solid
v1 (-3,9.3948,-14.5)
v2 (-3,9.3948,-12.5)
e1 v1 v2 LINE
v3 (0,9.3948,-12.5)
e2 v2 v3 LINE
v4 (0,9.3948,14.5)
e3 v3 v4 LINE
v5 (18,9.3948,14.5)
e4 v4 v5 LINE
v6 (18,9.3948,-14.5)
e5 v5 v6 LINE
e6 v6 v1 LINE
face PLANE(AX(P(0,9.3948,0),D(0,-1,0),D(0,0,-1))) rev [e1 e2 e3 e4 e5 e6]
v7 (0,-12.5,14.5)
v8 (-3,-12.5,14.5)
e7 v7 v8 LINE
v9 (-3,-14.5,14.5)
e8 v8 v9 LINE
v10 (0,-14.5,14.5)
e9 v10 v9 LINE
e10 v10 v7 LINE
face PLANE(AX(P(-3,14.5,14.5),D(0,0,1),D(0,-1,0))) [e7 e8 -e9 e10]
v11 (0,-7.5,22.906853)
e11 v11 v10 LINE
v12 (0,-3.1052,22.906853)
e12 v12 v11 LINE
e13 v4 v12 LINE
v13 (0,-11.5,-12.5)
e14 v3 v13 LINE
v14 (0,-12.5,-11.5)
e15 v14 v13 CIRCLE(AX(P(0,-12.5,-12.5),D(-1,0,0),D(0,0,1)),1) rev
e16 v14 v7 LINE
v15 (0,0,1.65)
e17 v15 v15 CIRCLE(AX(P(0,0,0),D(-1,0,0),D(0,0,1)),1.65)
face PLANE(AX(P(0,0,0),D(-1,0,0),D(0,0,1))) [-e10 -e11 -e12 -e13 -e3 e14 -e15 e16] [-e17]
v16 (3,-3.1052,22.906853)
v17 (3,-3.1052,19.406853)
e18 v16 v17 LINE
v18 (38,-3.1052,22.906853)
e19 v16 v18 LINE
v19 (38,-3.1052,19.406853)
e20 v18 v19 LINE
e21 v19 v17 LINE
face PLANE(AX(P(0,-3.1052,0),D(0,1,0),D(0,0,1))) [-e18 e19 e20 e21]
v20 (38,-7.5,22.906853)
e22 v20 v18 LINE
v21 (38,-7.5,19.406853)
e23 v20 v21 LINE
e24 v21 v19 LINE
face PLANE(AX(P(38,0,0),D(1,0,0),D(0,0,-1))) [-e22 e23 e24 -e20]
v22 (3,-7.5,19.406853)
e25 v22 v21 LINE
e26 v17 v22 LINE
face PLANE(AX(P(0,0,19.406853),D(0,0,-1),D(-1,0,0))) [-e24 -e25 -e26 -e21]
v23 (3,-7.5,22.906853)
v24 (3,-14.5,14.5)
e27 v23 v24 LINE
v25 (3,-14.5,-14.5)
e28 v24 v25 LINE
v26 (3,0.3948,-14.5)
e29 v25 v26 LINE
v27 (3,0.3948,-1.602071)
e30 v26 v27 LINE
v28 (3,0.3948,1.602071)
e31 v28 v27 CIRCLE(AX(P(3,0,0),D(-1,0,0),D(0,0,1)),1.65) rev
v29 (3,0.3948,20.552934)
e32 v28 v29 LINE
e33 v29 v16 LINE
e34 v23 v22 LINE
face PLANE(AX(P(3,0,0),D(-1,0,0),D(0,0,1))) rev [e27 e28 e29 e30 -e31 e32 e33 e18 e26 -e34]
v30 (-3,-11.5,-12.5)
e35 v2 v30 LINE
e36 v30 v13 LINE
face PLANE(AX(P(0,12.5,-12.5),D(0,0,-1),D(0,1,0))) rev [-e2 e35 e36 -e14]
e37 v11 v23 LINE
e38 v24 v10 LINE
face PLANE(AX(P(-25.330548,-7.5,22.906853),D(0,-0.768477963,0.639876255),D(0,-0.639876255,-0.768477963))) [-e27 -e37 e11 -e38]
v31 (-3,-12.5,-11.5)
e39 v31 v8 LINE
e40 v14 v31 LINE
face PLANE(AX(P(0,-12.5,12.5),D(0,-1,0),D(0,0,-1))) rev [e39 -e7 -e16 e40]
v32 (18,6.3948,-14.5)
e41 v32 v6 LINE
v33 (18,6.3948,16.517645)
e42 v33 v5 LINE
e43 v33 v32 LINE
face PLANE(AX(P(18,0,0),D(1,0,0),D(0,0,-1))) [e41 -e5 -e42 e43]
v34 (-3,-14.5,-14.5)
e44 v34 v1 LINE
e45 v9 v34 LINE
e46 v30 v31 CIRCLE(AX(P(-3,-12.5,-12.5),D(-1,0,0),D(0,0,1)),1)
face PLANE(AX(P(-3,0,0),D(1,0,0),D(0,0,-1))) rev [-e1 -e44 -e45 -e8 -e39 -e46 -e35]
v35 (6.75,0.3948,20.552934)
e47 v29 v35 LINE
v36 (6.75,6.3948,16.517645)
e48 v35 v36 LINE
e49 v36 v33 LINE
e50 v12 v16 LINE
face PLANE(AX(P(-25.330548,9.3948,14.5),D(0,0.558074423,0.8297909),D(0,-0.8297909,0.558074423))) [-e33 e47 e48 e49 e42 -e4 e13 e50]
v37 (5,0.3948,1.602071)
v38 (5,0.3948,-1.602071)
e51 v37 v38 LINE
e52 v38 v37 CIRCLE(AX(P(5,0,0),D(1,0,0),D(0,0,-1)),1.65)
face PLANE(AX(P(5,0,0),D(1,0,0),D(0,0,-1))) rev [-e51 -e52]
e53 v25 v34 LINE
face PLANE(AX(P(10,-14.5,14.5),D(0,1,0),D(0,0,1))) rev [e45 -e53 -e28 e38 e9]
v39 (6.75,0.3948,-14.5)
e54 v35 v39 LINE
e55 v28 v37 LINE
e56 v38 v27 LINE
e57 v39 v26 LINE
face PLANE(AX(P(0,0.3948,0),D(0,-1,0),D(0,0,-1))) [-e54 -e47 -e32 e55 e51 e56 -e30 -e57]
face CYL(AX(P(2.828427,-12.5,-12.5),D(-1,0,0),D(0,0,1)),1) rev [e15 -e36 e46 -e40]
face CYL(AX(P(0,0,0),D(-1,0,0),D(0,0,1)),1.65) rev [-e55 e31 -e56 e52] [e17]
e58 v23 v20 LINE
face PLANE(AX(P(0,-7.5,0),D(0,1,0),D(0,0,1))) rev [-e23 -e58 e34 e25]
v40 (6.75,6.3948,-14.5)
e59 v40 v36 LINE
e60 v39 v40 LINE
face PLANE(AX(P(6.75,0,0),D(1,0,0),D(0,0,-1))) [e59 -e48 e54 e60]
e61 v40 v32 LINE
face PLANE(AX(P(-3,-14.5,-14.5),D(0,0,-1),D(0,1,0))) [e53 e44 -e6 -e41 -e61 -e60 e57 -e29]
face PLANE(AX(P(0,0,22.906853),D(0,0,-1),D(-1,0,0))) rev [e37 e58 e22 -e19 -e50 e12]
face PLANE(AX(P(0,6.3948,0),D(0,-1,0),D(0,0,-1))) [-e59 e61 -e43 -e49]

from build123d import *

# Parameters (mm, degrees)
EXTRUDE_1_DEPTH        = 5
EXTRUDE_1_DEPTH_BACK   = 3
SKETCH_2_W             = 29
SKETCH_2_H             = 29
SKETCH_3_W             = 25
SKETCH_3_H             = 25
CUT_EXTRUDE_1_DEPTH    = 3
SKETCH_5_R             = 1
CUT_EXTRUDE_3_DEPTH    = 3
CUT_EXTRUDE_4_DEPTH    = 23.011360703
HOLE_WIZARD_M4_1_D     = 3.3
HOLE_WIZARD_M4_1_DEPTH = 10.1
HOLE_WIZARD_M4_1_TIP   = 0.991420021
SKETCH_4_W             = 8
SKETCH_4_H             = 29
EXTRUDE_2_DEPTH        = 13.4052
SKETCH_7_W             = 29
SKETCH_7_H             = 5
EXTRUDE_3_DEPTH        = 5
SKETCH_10_W            = 29
SKETCH_10_H            = 13.4052
CUT_EXTRUDE_5_DEPTH    = 35.028667136
EXTRUDE_4_DEPTH        = 28
SKETCH_13_W            = 22.441758485
SKETCH_13_H            = 29
CUT_EXTRUDE_7_DEPTH    = 20.8948
SKETCH_14_W            = 27
SKETCH_14_H            = 6.1052
CUT_EXTRUDE_8_DEPTH    = 10
EXTRUDE_5_DEPTH        = 10
SKETCH_16_W            = 12.441758485
SKETCH_16_H            = 20.8948
CUT_EXTRUDE_9_DEPTH    = 5
CUT_EXTRUDE_10_DEPTH   = 5
SKETCH_18_W            = 7.441758485
SKETCH_18_H            = 20.8948
CUT_EXTRUDE_11_DEPTH   = 1.9068532
SKETCH_19_W            = 18
SKETCH_19_H            = 8
CUT_EXTRUDE_12_DEPTH   = 7
SKETCH_20_W            = 3.0931468
SKETCH_20_H            = 11
EXTRUDE_6_DEPTH        = 20
SKETCH_21_W            = 3.0931468
SKETCH_21_H            = 2.8948
CUT_EXTRUDE_13_DEPTH   = 7.441758485
SKETCH_22_W            = 29
SKETCH_22_H            = 7
CUT_EXTRUDE_14_DEPTH   = 7.558241515
EXTRUDE_7_DEPTH        = 3
SKETCH_24_W            = 3
SKETCH_24_H            = 11
CUT_EXTRUDE_15_DEPTH   = 50.942466899
CUT_EXTRUDE_16_DEPTH   = 3.8082415
SKETCH_26_W            = 11.249999985
SKETCH_26_H            = 6.1052
CUT_EXTRUDE_17_DEPTH   = 6.0931468
SKETCH_27_W            = 6.0931468
SKETCH_27_H            = 6.1052
CUT_EXTRUDE_18_DEPTH   = 43.86096708
CUT_EXTRUDE_19_DEPTH   = 3.1052
SKETCH_30_W            = 3.750000015
SKETCH_30_H            = 32.721043552
CUT_EXTRUDE_20_DEPTH   = 7.8948
CUT_EXTRUDE_21_DEPTH   = 4.9068532
SKETCH_32_W            = 31.249999985
SKETCH_32_H            = 6.0931468
CUT_EXTRUDE_22_DEPTH   = 3.5
SKETCH_33_W            = 11
SKETCH_33_H            = 13.8948
EXTRUDE_8_DEPTH        = 3
SKETCH_34_W            = 11
SKETCH_34_H            = 6.3948
CUT_EXTRUDE_25_DEPTH   = 49.005208051
EXTRUDE_9_DEPTH        = 0.3948
SKETCH_36_W            = 38
SKETCH_36_H            = 7.8948
CUT_EXTRUDE_26_DEPTH   = 2.5931468
CUT_EXTRUDE_27_DEPTH   = 3.5
SKETCH_38_W            = 1.185809648
SKETCH_38_H            = 4.3948
CUT_EXTRUDE_28_DEPTH   = 3.750000015
EXTRUDE_11_DEPTH       = 3
EXTRUDE_12_REACH       = 51.952


with BuildPart() as part:
    # 草图2 → 凸台-拉伸1 (new, two sides: drawn at the far end of the back side and taken through both)
    with BuildSketch(Plane(origin=(0, 0, 0), x_dir=(0, 0, -1), z_dir=(1, 0, 0)).offset(-EXTRUDE_1_DEPTH_BACK)):
        Rectangle(SKETCH_2_W, SKETCH_2_H)
    extrude(amount=EXTRUDE_1_DEPTH + EXTRUDE_1_DEPTH_BACK)

    # 草图3 → 切除-拉伸1 (cut)
    with BuildSketch(Plane.ZY.offset(3)):
        Rectangle(SKETCH_3_W, SKETCH_3_H)
    extrude(amount=-CUT_EXTRUDE_1_DEPTH, mode=Mode.SUBTRACT)

    # 草图5 → 切除-拉伸3 (cut)
    with BuildSketch(Plane.ZY.offset(3)):
        with Locations((-12.5, -12.5)):
            Circle(SKETCH_5_R)
    extrude(amount=-CUT_EXTRUDE_3_DEPTH, mode=Mode.SUBTRACT)

    # 草图6 → 切除-拉伸4 (cut, through all)
    with BuildSketch(Plane.ZY.offset(3)):
        Polygon((12.5, 12.5), (12.5, -12.5), (14.5, -12.5), (14.5, 14.5), (-12.5, 14.5), (-14.5, 14.5), (-14.5, 12.5), (-12.5, 12.5), align=None)
    extrude(amount=-CUT_EXTRUDE_4_DEPTH, mode=Mode.SUBTRACT)

    # M4 螺纹孔1
    with Locations(Plane.ZY):
        with Locations((0, 0)):
            Hole(HOLE_WIZARD_M4_1_D / 2, depth=HOLE_WIZARD_M4_1_DEPTH)
            with Locations((0, 0, -(HOLE_WIZARD_M4_1_DEPTH + HOLE_WIZARD_M4_1_TIP / 2))):  # 118° drill point
                Cone(0, HOLE_WIZARD_M4_1_D / 2, HOLE_WIZARD_M4_1_TIP, mode=Mode.SUBTRACT)

    # 草图4 → 凸台-拉伸2 (add)
    with BuildSketch(Plane.XZ.offset(14.5)):
        with Locations((1, 0)):
            Rectangle(SKETCH_4_W, SKETCH_4_H)
    extrude(amount=EXTRUDE_2_DEPTH)

    # 草图7 → 凸台-拉伸3 (add)
    with BuildSketch(Plane(origin=(5, 0, 0), x_dir=(0, 0, -1), z_dir=(1, 0, 0))):
        with Locations((0, -25.4052)):
            Rectangle(SKETCH_7_W, SKETCH_7_H)
    extrude(amount=EXTRUDE_3_DEPTH)

    # 草图10 → 切除-拉伸5 (cut, through all)
    with BuildSketch(Plane.ZY.offset(3)):
        with Locations((0, -21.2026)):
            Rectangle(SKETCH_10_W, SKETCH_10_H)
    extrude(amount=-CUT_EXTRUDE_5_DEPTH, mode=Mode.SUBTRACT)

    # 草图12 → 凸台-拉伸4 (add)
    with BuildSketch(Plane(origin=(5, 0, 0), x_dir=(0, 0, -1), z_dir=(1, 0, 0))):
        Polygon((-14.5, -14.5), (14.5, -14.5), (14.5, 12.5), (-12.5, 12.5), (-12.5, -12.5), (-14.5, -12.5), align=None)
    extrude(amount=EXTRUDE_4_DEPTH)

    # 草图13 → 切除-拉伸7 (cut)
    with BuildSketch(Plane.XZ.offset(14.5)):
        with Locations((21.779120757, 0)):
            Rectangle(SKETCH_13_W, SKETCH_13_H)
    extrude(amount=-CUT_EXTRUDE_7_DEPTH, mode=Mode.SUBTRACT)

    # 草图14 → 切除-拉伸8 (cut)
    with BuildSketch(Plane(origin=(33, 0, 0), x_dir=(0, 0, -1), z_dir=(1, 0, 0))):
        with Locations((1, 9.4474)):
            Rectangle(SKETCH_14_W, SKETCH_14_H)
    extrude(amount=-CUT_EXTRUDE_8_DEPTH, mode=Mode.SUBTRACT)

    # 草图15 → 凸台-拉伸5 (add)
    with BuildSketch(Plane.XY.offset(12.5)):
        Polygon((23, 6.3948), (23, 12.5), (0, 12.5), (0, -14.5), (23, -14.5), align=None)
    extrude(amount=EXTRUDE_5_DEPTH)

    # 草图16 → 切除-拉伸9 (cut)
    with BuildSketch(Plane(origin=(0, 0, 12.5), x_dir=(-1, 0, 0), z_dir=(0, 0, -1))):
        with Locations((-16.779120757, -4.0526)):
            Rectangle(SKETCH_16_W, SKETCH_16_H)
    extrude(amount=-CUT_EXTRUDE_9_DEPTH, mode=Mode.SUBTRACT)

    # 草图17 → 切除-拉伸10 (cut)
    with BuildSketch(Plane(origin=(23, 0, 0), x_dir=(0, 0, -1), z_dir=(1, 0, 0))):
        Polygon((-17.5, -14.5), (-17.5, 6.3948), (14.5, 6.3948), (14.5, 12.5), (-22.5, 12.5), (-22.5, -14.5), align=None)
    extrude(amount=-CUT_EXTRUDE_10_DEPTH, mode=Mode.SUBTRACT)

    # 草图18 → 切除-拉伸11 (cut)
    with BuildSketch(Plane(origin=(0, 0, 17.5), x_dir=(-1, 0, 0), z_dir=(0, 0, -1))):
        with Locations((-14.279120757, -4.0526)):
            Rectangle(SKETCH_18_W, SKETCH_18_H)
    extrude(amount=-CUT_EXTRUDE_11_DEPTH, mode=Mode.SUBTRACT)

    # 草图19 → 切除-拉伸12 (cut)
    with BuildSketch(Plane.XZ.offset(14.5)):
        with Locations((9, 18.5)):
            Rectangle(SKETCH_19_W, SKETCH_19_H)
    extrude(amount=-CUT_EXTRUDE_12_DEPTH, mode=Mode.SUBTRACT)

    # 草图20 → 凸台-拉伸6 (add)
    with BuildSketch(Plane(origin=(18, 0, 0), x_dir=(0, 0, -1), z_dir=(1, 0, 0))):
        with Locations((-20.9534266, -2)):
            Rectangle(SKETCH_20_W, SKETCH_20_H)
    extrude(amount=EXTRUDE_6_DEPTH)

    # 草图21 → 切除-拉伸13 (cut)
    with BuildSketch(Plane(origin=(18, 0, 0), x_dir=(0, 0, -1), z_dir=(1, 0, 0))):
        with Locations((-20.9534266, 4.9474)):
            Rectangle(SKETCH_21_W, SKETCH_21_H)
    extrude(amount=-CUT_EXTRUDE_13_DEPTH, mode=Mode.SUBTRACT)

    # 草图22 → 切除-拉伸14 (cut)
    with BuildSketch(Plane(origin=(10.558241515, 0, 0), x_dir=(0, 0, -1), z_dir=(1, 0, 0))):
        with Locations((0, -11)):
            Rectangle(SKETCH_22_W, SKETCH_22_H)
    extrude(amount=-CUT_EXTRUDE_14_DEPTH, mode=Mode.SUBTRACT)

    # 草图23 → 凸台-拉伸7 (add)
    with BuildSketch(Plane.XY.offset(22.5)):
        Polygon((10.558241515, 6.3948), (18, 6.3948), (18, 12.5), (0, 12.5), (0, -7.5), (38, -7.5), (38, 3.5), (10.558241515, 3.5), align=None)
    extrude(amount=EXTRUDE_7_DEPTH)

    # 草图24 → 切除-拉伸15 (cut, through all)
    with BuildSketch(Plane.XZ.offset(7.5)):
        with Locations((1.5, 20)):
            Rectangle(SKETCH_24_W, SKETCH_24_H)
    extrude(amount=-CUT_EXTRUDE_15_DEPTH, mode=Mode.SUBTRACT)

    # 草图25 → 切除-拉伸16 (cut)
    with BuildSketch(Plane(origin=(10.558241515, 0, 0), x_dir=(0, 0, -1), z_dir=(1, 0, 0))):
        Polygon((-19.4068532, -7.5), (14.5, -7.5), (14.5, 6.3948), (-25.5, 6.3948), (-25.5, 3.5), (-19.4068532, 3.5), align=None)
    extrude(amount=-CUT_EXTRUDE_16_DEPTH, mode=Mode.SUBTRACT)

    # 草图26 → 切除-拉伸17 (cut)
    with BuildSketch(Plane.XY.offset(25.5)):
        with Locations((12.375000008, 9.4474)):
            Rectangle(SKETCH_26_W, SKETCH_26_H)
    extrude(amount=-CUT_EXTRUDE_17_DEPTH, mode=Mode.SUBTRACT)

    # 草图27 → 切除-拉伸18 (cut, through all)
    with BuildSketch(Plane(origin=(6.750000015, 0, 0), x_dir=(0, 0, -1), z_dir=(1, 0, 0))):
        with Locations((-22.4534266, 9.4474)):
            Rectangle(SKETCH_27_W, SKETCH_27_H)
    extrude(amount=-CUT_EXTRUDE_18_DEPTH, mode=Mode.SUBTRACT)

    # 草图28 → 切除-拉伸19 (cut)
    with BuildSketch(Plane(origin=(0, 12.5, 0), x_dir=(1, 0, 0), z_dir=(0, 1, 0))):
        Polygon((3, -14.5), (3, -19.4068532), (18, -19.4068532), (18, 14.5), (-3, 14.5), (-3, 12.5), (0, 12.5), (0, -14.5), align=None)
    extrude(amount=-CUT_EXTRUDE_19_DEPTH, mode=Mode.SUBTRACT)

    # 草图30 → 切除-拉伸20 (cut)
    with BuildSketch(Plane.XZ.offset(7.5)):
        with Locations((4.875000008, 1.860521776)):
            Rectangle(SKETCH_30_W, SKETCH_30_H)
    extrude(amount=-CUT_EXTRUDE_20_DEPTH, mode=Mode.SUBTRACT)

    # 草图31 → 切除-拉伸21 (cut)
    with BuildSketch(Plane.XY.offset(19.4068532)):
        Polygon((18, 6.3948), (18, 9.3948), (3, 9.3948), (3, 6.3948), (6.750000015, 6.3948), align=None)
    extrude(amount=-CUT_EXTRUDE_21_DEPTH, mode=Mode.SUBTRACT)

    # 草图32 → 切除-拉伸22 (cut)
    with BuildSketch(Plane(origin=(0, 3.5, 0), x_dir=(1, 0, 0), z_dir=(0, 1, 0))):
        with Locations((22.375000007, -22.4534266)):
            Rectangle(SKETCH_32_W, SKETCH_32_H)
    extrude(amount=-CUT_EXTRUDE_22_DEPTH, mode=Mode.SUBTRACT)

    # 草图33 → 凸台-拉伸8 (add)
    with BuildSketch(Plane.ZY.offset(-3)):
        with Locations((20, -0.5526)):
            Rectangle(SKETCH_33_W, SKETCH_33_H)
    extrude(amount=EXTRUDE_8_DEPTH)

    # 草图34 → 切除-拉伸25 (cut, through all)
    with BuildSketch(Plane(origin=(0, 0, 0), x_dir=(0, 0, -1), z_dir=(1, 0, 0))):
        with Locations((-20, 3.1974)):
            Rectangle(SKETCH_34_W, SKETCH_34_H)
    extrude(amount=CUT_EXTRUDE_25_DEPTH, mode=Mode.SUBTRACT)

    # 草图35 → 凸台-拉伸9 (add)
    with BuildSketch(Plane(origin=(0, 0, 0), x_dir=(1, 0, 0), z_dir=(0, 1, 0))):
        Polygon((38, -25.5), (38, -19.4068532), (6.750000015, -19.4068532), (6.750000015, -18.221043552), (3, -18.221043552), (3, -14.5), (0, -14.5), (0, -25.5), align=None)
    extrude(amount=EXTRUDE_9_DEPTH)

    # 草图36 → 切除-拉伸26 (cut)
    with BuildSketch(Plane.XY.offset(25.5)):
        with Locations((19, -3.5526)):
            Rectangle(SKETCH_36_W, SKETCH_36_H)
    extrude(amount=-CUT_EXTRUDE_26_DEPTH, mode=Mode.SUBTRACT)

    # 草图37 → 切除-拉伸27 (cut)
    with BuildSketch(Plane(origin=(0, 0.3948, 0), x_dir=(1, 0, 0), z_dir=(0, 1, 0))):
        Polygon((3, -14.5), (0, -14.5), (0, -22.9068532), (38, -22.9068532), (38, -19.4068532), (6.750000015, -19.4068532), (6.750000015, -18.221043552), (3, -18.221043552), align=None)
    extrude(amount=-CUT_EXTRUDE_27_DEPTH, mode=Mode.SUBTRACT)

    # 草图38 → 切除-拉伸28 (cut)
    with BuildSketch(Plane(origin=(6.750000015, 0, 0), x_dir=(0, 0, -1), z_dir=(1, 0, 0))):
        with Locations((-18.813948376, -5.3026)):
            Rectangle(SKETCH_38_W, SKETCH_38_H)
    extrude(amount=-CUT_EXTRUDE_28_DEPTH, mode=Mode.SUBTRACT)

    # 草图39 → 凸台-拉伸11 (add)
    with BuildSketch(Plane(origin=(3, 0, 0), x_dir=(0, 0, -1), z_dir=(1, 0, 0))):
        Polygon((-14.5, 9.3948), (-14.5, -14.5), (-22.9068532, -7.5), (-22.9068532, -3.1052), align=None)
    extrude(amount=-EXTRUDE_11_DEPTH)

    # 凸台-拉伸12: up to this face of the body (flat: up to its plane)
    extrude_12_end = Plane(part.part.faces().sort_by_distance((1.5, 3.1448, 18.7034266))[0])
    # 草图40 → 凸台-拉伸12 (add, up to the picked face)
    with BuildSketch(Plane.XY.offset(14.5), mode=Mode.PRIVATE) as extrude_12_sk1:
        Polygon((3, 9.3948), (3, 0.3948), (6.750000015, 0.3948), (6.750000015, 6.3948), (18, 6.3948), (18, 9.3948), align=None)
    extrude_12_tool1 = split(extrude(extrude_12_sk1.sketch, amount=EXTRUDE_12_REACH, mode=Mode.PRIVATE), bisect_by=extrude_12_end, keep=Keep.BOTH, mode=Mode.PRIVATE)
    add(extrude_12_tool1.solids().sort_by(Axis((3.174929, 4.8948, 14.5), (0, 0, 1)))[0])


solid = part.part
